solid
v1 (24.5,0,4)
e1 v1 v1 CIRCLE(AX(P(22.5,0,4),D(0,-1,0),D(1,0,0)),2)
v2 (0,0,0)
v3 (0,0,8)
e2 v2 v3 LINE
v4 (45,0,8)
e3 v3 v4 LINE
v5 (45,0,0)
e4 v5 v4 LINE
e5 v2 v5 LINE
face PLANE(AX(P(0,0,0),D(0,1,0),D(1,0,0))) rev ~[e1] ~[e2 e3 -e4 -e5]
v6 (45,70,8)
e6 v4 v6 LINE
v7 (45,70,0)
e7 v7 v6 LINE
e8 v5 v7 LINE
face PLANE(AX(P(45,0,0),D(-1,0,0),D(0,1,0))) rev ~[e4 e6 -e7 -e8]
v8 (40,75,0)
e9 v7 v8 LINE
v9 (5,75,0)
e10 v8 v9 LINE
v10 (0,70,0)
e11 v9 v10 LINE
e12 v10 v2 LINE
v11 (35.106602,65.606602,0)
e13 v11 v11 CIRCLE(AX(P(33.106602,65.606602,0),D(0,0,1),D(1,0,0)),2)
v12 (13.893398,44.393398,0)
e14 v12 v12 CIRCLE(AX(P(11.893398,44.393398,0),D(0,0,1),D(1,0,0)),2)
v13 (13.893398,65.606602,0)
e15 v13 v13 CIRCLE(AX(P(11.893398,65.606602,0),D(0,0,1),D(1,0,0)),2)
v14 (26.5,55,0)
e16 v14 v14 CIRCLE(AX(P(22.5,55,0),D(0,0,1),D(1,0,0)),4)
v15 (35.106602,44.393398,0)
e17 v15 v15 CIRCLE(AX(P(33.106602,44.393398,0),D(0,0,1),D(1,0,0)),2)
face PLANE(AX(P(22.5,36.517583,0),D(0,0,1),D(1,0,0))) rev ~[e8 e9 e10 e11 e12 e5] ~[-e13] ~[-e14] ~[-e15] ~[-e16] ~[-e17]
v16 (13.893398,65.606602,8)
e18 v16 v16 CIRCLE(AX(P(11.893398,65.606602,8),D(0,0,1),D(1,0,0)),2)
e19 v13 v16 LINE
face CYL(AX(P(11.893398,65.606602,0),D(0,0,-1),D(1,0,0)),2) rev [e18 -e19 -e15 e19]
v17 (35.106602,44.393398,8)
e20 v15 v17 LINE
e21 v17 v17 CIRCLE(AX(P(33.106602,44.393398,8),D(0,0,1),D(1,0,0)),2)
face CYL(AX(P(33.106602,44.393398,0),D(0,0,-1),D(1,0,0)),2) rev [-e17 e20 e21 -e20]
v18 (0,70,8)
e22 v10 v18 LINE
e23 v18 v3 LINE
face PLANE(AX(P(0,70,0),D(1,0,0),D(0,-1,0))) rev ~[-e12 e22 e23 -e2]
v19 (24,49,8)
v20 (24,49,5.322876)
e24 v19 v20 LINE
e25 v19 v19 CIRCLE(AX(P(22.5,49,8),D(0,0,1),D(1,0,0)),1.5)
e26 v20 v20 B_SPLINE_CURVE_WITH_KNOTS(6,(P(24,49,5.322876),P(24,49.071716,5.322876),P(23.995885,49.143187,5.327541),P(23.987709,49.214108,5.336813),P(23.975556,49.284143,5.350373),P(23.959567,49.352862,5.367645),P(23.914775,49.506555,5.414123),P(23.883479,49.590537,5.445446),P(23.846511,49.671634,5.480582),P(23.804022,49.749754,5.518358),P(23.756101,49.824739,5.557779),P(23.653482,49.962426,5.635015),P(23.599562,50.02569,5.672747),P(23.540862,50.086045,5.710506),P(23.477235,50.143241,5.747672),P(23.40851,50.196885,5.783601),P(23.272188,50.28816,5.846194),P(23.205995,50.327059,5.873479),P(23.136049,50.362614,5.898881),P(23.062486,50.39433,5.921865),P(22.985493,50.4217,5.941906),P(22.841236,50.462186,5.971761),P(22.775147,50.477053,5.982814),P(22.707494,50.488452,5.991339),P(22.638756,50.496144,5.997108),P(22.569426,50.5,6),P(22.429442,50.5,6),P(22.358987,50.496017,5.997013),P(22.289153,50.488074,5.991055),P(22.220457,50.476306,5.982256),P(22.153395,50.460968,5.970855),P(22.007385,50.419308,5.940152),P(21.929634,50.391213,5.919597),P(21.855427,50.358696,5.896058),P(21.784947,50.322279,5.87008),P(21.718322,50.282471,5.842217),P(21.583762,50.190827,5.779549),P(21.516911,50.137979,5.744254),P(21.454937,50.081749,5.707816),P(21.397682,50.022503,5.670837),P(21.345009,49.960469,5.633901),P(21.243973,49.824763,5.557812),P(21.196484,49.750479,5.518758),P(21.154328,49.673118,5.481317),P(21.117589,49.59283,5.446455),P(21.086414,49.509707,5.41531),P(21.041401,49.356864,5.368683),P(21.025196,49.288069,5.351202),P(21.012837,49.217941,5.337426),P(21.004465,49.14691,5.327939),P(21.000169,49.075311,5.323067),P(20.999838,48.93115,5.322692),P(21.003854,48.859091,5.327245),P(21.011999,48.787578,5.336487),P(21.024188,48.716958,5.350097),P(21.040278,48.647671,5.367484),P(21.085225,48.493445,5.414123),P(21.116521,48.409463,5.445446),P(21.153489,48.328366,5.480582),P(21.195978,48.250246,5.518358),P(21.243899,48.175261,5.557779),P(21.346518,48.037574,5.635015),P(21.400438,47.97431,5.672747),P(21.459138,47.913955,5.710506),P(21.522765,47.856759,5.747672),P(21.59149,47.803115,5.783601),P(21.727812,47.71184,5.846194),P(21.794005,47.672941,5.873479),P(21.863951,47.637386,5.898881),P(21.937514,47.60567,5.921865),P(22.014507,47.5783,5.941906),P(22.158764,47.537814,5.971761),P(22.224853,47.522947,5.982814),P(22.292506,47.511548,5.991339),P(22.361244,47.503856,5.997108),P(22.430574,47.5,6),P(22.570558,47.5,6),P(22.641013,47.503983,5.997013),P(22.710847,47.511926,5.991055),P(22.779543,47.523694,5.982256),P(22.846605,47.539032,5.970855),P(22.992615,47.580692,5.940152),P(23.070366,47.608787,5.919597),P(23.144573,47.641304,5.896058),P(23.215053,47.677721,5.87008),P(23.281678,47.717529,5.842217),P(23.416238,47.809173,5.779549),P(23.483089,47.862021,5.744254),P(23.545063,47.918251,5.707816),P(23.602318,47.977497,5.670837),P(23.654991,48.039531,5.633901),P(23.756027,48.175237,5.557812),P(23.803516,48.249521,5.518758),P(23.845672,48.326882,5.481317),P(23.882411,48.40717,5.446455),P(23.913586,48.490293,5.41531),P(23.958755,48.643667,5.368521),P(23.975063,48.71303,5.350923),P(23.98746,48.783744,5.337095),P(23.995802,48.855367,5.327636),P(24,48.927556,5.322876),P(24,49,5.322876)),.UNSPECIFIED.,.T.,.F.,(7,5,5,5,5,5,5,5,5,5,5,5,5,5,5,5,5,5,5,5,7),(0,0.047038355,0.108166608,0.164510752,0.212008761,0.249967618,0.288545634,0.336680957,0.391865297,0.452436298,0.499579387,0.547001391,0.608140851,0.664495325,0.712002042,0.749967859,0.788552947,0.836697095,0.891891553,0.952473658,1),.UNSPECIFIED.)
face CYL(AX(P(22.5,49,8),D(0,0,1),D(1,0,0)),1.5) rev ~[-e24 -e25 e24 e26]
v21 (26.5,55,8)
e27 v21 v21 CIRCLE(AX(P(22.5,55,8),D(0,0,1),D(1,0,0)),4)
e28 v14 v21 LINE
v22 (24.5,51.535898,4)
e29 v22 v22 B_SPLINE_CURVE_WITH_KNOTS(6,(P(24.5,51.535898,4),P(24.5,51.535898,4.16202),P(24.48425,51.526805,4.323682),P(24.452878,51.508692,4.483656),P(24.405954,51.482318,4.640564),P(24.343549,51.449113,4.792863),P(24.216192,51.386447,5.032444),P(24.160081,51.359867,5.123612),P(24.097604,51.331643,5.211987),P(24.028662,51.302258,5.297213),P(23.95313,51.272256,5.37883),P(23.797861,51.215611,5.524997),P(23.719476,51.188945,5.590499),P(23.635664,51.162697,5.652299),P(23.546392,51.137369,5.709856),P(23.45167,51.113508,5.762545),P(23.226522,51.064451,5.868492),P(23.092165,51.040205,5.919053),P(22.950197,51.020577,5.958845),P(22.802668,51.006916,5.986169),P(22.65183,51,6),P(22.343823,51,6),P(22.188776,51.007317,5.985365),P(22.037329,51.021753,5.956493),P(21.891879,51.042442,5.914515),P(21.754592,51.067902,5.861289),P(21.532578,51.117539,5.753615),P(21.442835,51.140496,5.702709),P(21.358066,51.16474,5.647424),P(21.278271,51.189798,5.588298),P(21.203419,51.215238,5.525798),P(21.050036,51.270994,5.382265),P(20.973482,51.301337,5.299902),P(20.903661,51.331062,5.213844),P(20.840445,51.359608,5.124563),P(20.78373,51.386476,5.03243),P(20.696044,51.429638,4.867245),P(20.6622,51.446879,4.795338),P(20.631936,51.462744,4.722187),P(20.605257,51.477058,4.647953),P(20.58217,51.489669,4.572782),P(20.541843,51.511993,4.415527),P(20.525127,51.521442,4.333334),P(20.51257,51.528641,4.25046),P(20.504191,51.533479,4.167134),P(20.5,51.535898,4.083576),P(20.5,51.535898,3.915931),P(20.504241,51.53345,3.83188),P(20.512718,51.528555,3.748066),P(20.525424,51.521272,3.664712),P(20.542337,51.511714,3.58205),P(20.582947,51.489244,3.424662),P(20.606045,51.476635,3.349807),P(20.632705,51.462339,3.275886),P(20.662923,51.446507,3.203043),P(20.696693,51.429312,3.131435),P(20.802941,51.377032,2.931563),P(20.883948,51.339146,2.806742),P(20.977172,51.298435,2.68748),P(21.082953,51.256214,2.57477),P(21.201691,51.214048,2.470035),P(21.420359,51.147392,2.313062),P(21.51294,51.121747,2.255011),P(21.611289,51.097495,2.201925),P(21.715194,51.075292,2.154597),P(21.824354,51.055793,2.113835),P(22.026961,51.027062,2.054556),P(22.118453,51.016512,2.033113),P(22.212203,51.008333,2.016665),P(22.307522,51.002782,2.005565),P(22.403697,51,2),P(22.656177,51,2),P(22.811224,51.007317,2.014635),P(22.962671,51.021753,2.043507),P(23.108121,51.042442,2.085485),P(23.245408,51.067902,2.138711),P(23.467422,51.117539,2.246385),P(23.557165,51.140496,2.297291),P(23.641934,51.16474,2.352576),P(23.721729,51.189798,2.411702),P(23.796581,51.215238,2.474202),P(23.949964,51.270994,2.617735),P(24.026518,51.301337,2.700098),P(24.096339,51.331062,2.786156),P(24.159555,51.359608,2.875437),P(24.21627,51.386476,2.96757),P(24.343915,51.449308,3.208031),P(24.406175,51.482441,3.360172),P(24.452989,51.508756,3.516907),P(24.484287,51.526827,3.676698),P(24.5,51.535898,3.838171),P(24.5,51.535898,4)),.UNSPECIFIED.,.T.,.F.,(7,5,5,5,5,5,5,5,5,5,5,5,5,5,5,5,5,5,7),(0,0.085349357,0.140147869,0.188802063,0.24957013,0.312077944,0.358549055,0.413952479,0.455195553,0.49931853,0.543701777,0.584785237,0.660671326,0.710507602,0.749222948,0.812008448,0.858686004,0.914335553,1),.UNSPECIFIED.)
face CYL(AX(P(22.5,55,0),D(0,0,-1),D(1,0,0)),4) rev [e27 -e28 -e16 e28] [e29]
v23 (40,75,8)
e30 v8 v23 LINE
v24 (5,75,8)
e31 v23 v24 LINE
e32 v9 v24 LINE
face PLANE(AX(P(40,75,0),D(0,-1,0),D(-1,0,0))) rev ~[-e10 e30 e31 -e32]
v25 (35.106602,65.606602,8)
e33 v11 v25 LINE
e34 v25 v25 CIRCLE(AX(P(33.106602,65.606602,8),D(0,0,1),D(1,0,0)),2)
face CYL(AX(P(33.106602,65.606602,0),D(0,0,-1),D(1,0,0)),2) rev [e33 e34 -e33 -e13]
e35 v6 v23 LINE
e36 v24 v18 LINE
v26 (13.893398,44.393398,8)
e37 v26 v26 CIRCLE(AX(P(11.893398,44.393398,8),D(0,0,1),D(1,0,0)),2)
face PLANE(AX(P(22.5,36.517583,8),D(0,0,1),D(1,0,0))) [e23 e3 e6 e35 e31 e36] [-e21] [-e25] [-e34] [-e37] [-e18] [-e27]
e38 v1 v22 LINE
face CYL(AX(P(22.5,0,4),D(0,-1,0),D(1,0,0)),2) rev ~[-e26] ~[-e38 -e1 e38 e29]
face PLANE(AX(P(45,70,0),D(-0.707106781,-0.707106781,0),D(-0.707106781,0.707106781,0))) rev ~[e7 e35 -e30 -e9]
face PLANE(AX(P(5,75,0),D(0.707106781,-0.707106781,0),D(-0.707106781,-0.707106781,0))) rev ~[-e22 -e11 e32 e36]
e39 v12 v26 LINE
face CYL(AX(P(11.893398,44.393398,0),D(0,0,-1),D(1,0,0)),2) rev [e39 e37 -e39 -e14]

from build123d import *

# Parameters (mm, degrees)
F0_R     = 2
F0_R_2   = 4
F1_DEPTH = 8
F2_R     = 2
F3_DEPTH = 53
F4_R     = 1.5
F5_DEPTH = 3


with BuildPart() as f1:
    # F0 (on Top) → F1 (new body)
    with BuildSketch(Plane.XY):
        Polygon((0, 70), (0, 0), (45, 0), (45, 70), (40, 75), (5, 75), align=None)
        with Locations((11.893398, 44.393398)):
            Circle(F0_R, mode=Mode.SUBTRACT)
        with Locations((11.893398, 65.606602)):
            Circle(F0_R, mode=Mode.SUBTRACT)
        with Locations((33.106602, 44.393398)):
            Circle(F0_R, mode=Mode.SUBTRACT)
        with Locations((22.5, 55)):
            Circle(F0_R_2, mode=Mode.SUBTRACT)
        with Locations((33.106602, 65.606602)):
            Circle(F0_R, mode=Mode.SUBTRACT)
    extrude(amount=F1_DEPTH)

    # F2 (on face) → F3 (cut)
    with BuildSketch(Plane.XZ):
        with Locations((22.5, 4)):
            Circle(F2_R)
    extrude(amount=-F3_DEPTH, mode=Mode.SUBTRACT)

    # F4 (on face) → F5 (cut)
    with BuildSketch(Plane.XY.offset(8)):
        with Locations((22.5, 49)):
            Circle(F4_R)
    extrude(amount=-F5_DEPTH, mode=Mode.SUBTRACT)


solid = f1.part
